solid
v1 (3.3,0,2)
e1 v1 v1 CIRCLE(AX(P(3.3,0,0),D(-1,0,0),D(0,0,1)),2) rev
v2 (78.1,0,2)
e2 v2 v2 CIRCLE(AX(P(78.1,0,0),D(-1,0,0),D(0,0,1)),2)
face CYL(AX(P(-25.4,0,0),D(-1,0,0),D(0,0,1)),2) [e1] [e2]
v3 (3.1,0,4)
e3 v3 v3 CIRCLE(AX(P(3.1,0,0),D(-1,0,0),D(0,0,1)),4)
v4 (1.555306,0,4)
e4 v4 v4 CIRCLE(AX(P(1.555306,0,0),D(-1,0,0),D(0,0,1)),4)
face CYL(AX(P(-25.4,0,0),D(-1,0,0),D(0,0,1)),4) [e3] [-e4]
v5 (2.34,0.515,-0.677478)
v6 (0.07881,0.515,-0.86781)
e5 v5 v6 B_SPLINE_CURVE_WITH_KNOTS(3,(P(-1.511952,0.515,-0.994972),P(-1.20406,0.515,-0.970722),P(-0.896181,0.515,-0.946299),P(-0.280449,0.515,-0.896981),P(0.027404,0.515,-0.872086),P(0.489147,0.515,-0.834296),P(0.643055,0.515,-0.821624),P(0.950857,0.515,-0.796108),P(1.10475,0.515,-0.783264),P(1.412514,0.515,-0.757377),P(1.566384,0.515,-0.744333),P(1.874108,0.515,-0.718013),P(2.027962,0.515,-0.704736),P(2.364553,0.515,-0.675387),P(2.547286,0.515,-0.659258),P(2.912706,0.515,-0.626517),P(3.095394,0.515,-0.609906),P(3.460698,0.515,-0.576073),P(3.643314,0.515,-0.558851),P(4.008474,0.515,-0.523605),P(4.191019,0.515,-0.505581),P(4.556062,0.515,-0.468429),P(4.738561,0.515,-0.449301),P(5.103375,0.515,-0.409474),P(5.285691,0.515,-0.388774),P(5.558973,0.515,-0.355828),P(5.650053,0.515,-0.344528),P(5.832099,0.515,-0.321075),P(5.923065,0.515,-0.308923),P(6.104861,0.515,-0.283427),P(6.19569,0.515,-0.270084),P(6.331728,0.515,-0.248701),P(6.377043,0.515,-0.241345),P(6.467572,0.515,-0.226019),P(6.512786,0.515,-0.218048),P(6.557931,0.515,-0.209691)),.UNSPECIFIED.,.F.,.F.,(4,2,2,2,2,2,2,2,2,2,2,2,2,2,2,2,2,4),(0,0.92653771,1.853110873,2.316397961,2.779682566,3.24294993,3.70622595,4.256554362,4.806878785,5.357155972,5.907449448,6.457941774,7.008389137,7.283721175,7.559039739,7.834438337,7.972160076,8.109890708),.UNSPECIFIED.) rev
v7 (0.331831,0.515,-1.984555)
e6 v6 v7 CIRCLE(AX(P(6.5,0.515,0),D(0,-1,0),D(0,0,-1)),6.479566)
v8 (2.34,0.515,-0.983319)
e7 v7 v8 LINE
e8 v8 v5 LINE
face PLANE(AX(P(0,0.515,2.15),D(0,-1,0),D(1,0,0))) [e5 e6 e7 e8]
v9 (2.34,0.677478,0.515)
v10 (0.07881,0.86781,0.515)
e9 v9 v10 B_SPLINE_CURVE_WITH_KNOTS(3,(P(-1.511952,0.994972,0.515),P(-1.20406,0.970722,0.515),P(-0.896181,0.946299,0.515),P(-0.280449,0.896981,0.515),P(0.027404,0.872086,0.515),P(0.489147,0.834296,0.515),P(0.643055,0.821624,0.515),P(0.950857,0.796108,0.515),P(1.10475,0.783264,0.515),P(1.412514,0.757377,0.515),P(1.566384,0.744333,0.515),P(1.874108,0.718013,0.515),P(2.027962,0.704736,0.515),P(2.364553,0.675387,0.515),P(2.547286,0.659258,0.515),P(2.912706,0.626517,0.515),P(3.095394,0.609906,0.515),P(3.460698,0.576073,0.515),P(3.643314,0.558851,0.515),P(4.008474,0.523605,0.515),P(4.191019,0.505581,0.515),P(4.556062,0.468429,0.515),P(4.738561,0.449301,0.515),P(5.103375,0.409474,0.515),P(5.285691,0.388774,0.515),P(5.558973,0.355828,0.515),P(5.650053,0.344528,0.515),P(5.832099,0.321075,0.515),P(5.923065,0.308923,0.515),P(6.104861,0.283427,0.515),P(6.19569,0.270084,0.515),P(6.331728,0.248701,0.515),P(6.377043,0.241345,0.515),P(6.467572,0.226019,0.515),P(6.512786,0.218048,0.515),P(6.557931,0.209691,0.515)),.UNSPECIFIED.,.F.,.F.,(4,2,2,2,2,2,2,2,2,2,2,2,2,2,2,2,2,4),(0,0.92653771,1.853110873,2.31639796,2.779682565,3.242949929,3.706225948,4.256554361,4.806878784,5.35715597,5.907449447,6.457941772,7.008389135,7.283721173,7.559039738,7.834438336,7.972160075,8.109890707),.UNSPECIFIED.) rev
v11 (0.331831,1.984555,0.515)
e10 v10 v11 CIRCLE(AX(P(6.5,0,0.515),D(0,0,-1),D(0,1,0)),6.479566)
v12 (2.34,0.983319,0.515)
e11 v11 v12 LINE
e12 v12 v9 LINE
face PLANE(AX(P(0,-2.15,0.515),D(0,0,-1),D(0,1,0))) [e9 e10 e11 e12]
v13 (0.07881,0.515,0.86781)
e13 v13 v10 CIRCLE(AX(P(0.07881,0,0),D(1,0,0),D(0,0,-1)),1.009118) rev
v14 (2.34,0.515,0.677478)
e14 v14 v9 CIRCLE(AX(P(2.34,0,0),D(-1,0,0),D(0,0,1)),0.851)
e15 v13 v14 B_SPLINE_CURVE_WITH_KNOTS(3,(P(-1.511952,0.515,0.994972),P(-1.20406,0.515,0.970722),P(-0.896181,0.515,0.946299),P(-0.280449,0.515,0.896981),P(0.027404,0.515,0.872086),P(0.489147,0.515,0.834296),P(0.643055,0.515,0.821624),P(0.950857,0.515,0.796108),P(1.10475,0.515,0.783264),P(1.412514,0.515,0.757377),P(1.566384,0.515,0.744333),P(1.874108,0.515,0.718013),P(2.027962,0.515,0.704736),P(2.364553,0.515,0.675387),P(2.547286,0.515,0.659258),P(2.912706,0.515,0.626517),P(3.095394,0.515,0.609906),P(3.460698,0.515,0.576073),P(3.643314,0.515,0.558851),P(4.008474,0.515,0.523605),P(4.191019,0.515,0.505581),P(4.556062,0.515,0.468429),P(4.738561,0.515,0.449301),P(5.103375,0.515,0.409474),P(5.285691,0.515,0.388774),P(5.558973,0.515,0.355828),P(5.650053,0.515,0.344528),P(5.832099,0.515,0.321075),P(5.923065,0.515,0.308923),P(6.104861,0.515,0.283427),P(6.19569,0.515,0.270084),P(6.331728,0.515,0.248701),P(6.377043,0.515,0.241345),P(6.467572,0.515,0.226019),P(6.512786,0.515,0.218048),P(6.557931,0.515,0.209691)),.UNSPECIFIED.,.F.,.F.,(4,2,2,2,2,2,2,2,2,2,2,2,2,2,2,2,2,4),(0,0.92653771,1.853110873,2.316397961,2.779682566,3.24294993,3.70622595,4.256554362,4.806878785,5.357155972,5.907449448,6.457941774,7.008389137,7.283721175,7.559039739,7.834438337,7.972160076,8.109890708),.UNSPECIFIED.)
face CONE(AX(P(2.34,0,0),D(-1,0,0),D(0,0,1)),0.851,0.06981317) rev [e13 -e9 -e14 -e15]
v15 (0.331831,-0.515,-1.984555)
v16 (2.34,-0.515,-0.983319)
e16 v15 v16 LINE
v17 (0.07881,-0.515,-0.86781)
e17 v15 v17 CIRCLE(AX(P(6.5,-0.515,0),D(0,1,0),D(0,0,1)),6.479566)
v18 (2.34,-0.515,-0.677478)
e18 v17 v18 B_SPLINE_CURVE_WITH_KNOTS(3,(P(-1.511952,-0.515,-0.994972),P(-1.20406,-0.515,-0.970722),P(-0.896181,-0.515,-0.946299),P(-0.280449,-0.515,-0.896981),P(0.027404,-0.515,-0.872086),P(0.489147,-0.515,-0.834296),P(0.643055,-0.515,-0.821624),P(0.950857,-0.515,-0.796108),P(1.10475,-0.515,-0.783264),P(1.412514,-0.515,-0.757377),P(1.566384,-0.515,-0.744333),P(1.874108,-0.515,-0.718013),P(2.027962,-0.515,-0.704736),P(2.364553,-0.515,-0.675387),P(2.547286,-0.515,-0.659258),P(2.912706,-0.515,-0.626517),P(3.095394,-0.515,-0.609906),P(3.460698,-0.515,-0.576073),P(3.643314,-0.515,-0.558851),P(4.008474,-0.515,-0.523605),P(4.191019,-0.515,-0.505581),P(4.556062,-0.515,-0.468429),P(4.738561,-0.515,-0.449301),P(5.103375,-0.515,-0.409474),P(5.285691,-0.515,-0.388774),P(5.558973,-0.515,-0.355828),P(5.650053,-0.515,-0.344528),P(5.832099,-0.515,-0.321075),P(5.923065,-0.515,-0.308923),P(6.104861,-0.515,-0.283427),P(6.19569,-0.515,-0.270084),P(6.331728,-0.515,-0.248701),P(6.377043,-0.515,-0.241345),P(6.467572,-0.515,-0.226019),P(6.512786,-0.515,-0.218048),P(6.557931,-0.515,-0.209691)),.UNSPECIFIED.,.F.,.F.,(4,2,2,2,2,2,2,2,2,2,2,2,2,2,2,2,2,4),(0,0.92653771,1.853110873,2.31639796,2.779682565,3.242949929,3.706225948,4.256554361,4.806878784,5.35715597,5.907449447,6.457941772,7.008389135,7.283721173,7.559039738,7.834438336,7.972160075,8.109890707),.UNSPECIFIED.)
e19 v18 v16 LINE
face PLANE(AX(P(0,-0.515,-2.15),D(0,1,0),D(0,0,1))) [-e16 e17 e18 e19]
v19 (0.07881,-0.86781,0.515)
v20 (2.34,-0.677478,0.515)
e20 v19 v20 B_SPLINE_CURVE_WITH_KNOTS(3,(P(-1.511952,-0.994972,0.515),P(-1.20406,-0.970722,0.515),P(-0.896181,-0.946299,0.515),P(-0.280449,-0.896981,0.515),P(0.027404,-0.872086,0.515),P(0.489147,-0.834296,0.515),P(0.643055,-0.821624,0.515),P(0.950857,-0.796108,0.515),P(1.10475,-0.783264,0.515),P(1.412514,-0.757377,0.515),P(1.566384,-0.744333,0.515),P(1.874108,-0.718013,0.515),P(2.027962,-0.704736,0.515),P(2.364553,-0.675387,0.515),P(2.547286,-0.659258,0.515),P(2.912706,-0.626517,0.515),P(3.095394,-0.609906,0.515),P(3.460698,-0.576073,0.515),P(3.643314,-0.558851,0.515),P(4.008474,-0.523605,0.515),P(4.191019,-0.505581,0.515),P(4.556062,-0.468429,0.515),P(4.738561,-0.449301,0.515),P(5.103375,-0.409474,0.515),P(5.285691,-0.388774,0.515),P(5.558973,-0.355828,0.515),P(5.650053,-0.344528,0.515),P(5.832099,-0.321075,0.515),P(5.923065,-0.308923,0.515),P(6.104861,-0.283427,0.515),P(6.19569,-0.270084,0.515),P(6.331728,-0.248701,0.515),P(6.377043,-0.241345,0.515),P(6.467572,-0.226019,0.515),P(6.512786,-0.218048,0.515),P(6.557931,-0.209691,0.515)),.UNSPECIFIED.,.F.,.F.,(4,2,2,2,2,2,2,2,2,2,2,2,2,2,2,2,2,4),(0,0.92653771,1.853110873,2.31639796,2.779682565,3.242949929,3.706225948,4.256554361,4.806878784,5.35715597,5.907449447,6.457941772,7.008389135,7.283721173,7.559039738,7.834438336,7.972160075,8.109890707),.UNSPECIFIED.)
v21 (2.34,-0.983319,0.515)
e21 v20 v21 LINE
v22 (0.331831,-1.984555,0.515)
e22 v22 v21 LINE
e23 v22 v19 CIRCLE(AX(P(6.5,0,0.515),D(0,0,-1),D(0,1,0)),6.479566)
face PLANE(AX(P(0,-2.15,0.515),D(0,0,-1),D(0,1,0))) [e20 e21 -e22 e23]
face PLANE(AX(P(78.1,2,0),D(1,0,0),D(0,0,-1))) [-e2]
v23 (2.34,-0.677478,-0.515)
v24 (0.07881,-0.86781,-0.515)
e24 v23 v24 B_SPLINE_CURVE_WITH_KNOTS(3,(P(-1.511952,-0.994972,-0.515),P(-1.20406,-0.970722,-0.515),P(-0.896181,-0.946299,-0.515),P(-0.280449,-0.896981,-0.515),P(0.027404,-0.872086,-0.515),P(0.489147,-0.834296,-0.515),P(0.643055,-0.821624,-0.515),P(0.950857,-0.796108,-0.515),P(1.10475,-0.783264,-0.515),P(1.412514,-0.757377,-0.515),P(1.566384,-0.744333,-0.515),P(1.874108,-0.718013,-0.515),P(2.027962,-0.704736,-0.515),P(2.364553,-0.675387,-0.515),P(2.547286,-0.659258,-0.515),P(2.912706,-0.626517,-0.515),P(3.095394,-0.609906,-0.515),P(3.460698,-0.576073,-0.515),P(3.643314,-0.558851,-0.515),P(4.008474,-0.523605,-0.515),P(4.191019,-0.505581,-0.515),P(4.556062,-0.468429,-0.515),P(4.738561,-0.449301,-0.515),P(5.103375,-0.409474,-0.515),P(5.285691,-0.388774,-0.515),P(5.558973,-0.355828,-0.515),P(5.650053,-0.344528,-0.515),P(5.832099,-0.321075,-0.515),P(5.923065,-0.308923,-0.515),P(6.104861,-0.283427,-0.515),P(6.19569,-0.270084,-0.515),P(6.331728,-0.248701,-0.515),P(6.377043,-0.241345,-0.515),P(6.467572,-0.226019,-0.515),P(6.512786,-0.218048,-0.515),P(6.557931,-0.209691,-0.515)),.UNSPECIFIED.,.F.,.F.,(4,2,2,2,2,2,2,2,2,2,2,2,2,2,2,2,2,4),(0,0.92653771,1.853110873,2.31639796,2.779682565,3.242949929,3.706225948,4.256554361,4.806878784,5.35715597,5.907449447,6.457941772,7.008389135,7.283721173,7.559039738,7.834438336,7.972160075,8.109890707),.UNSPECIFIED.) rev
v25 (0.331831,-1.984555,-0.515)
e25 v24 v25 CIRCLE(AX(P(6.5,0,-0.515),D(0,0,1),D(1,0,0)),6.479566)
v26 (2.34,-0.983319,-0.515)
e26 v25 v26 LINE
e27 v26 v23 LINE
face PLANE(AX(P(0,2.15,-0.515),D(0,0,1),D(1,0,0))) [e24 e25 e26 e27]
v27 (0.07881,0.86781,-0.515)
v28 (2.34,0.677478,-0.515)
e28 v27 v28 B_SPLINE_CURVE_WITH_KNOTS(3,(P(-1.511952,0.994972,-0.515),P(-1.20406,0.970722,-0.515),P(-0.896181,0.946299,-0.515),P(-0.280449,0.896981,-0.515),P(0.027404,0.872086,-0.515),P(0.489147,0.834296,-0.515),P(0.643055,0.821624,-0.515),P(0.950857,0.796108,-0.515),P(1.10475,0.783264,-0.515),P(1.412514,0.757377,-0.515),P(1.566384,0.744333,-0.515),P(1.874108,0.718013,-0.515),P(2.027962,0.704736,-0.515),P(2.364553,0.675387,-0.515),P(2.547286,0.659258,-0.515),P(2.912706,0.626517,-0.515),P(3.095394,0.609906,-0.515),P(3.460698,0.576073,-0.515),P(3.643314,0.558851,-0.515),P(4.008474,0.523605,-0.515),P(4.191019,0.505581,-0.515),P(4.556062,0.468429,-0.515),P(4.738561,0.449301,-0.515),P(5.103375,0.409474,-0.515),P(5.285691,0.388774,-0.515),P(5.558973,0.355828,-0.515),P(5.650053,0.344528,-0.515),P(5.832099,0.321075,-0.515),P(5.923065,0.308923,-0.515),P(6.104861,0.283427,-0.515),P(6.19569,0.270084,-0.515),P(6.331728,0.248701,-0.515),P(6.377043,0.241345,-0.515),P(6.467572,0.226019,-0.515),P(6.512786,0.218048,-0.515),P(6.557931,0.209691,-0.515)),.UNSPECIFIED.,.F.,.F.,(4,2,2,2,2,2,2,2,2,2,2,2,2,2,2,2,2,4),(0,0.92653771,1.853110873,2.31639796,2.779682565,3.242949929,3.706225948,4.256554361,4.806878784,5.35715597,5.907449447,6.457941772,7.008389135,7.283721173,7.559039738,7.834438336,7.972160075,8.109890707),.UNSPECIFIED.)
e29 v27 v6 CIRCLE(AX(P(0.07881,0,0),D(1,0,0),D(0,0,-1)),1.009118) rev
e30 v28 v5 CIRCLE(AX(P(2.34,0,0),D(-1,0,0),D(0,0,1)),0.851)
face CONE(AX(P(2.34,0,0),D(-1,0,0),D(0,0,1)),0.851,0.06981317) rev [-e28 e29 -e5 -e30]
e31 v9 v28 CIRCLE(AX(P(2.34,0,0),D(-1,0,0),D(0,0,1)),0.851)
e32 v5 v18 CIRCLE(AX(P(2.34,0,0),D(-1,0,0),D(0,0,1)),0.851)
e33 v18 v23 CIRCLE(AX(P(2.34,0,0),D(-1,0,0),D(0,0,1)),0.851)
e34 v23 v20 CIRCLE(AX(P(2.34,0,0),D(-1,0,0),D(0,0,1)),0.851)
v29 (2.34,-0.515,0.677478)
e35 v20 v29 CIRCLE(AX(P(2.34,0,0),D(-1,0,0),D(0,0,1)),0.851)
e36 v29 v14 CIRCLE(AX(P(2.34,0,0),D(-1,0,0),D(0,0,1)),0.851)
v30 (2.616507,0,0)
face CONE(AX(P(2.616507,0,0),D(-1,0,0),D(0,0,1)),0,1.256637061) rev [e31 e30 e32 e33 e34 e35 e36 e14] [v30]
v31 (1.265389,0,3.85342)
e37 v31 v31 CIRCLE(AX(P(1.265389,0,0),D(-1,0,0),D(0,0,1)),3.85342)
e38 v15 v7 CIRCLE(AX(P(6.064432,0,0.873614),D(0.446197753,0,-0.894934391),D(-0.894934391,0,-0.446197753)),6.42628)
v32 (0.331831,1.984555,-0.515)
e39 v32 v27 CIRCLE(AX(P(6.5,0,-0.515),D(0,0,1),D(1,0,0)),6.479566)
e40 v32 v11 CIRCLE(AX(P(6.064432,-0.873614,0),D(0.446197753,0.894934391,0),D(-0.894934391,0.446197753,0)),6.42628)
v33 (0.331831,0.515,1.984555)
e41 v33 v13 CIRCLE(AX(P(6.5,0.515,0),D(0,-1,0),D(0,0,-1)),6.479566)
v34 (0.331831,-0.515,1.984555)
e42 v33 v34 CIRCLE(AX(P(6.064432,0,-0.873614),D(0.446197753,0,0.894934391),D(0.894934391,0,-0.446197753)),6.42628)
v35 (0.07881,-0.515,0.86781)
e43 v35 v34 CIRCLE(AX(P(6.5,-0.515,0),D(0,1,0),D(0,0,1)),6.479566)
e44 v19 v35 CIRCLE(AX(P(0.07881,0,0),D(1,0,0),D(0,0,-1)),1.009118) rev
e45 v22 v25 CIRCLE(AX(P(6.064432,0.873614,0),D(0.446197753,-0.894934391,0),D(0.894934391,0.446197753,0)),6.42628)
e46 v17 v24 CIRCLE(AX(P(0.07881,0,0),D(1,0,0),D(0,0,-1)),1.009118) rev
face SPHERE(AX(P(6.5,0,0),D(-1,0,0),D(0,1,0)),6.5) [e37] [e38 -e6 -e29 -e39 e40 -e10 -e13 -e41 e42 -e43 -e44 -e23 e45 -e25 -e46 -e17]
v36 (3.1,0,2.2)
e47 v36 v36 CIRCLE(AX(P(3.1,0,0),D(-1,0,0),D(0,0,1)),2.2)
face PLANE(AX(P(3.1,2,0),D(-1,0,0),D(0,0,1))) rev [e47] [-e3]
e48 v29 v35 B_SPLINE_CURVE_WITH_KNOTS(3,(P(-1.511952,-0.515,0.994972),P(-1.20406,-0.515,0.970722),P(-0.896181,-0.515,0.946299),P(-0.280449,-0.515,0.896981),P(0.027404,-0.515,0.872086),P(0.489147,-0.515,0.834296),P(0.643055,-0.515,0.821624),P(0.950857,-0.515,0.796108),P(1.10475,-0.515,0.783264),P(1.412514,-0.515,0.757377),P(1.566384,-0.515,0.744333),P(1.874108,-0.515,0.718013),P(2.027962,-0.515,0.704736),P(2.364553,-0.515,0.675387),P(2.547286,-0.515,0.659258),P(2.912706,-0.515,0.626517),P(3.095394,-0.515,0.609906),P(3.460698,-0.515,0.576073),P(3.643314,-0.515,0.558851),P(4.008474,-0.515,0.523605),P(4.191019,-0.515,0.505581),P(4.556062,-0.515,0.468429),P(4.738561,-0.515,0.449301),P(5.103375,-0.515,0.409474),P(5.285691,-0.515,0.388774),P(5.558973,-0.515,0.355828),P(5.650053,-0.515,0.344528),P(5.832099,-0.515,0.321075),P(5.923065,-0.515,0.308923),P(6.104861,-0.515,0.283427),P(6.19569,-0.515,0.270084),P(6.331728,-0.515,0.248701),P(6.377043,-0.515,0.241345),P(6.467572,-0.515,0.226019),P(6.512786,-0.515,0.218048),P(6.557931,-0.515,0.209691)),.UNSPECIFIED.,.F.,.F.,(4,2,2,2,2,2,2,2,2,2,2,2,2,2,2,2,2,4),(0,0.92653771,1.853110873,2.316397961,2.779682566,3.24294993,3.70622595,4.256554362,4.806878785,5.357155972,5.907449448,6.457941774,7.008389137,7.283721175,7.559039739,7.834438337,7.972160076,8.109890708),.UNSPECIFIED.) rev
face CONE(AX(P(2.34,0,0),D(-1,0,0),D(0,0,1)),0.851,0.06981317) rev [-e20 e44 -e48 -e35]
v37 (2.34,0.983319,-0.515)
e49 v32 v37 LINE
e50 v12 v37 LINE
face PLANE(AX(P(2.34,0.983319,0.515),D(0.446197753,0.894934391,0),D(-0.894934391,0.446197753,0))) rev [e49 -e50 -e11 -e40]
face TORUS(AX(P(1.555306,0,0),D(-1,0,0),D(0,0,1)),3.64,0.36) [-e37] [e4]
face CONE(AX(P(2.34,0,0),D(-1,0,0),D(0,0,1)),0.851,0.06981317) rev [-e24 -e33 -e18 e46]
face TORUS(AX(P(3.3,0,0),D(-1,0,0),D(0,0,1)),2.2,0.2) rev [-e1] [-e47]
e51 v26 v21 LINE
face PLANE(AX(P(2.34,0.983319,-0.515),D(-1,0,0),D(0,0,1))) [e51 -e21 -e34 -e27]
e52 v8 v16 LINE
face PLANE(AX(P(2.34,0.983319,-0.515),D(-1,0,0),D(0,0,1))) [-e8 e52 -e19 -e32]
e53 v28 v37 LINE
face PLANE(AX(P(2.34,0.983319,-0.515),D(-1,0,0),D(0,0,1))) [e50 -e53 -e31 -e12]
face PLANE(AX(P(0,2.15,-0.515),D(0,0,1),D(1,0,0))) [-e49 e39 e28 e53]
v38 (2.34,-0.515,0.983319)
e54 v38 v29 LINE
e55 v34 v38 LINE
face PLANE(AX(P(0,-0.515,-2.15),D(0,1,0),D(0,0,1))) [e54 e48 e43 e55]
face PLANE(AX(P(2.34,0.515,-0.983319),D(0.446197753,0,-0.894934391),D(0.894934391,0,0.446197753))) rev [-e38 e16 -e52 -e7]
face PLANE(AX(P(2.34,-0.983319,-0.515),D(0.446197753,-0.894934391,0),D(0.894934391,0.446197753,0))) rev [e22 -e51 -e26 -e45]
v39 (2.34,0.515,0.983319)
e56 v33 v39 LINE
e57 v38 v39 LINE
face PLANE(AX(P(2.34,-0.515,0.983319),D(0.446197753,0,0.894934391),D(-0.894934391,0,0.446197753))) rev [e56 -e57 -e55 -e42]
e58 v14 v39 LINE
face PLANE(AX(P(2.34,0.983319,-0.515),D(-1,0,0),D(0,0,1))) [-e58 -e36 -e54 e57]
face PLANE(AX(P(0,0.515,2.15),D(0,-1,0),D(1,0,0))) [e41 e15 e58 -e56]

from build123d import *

# Parameters (mm, degrees)
FILLET1_R    = 0.2
SKETCH3_W    = 1.03
SKETCH3_H    = 4.3
SKETCH4_W    = 1.03
SKETCH4_H    = 1.966638464
RECPAT_COUNT = 2
RECPAT_ANGLE = 90


with BuildPart() as part:
    # BodySke → Base-Revolve (revolve)
    with BuildSketch(Plane.XY):
        with BuildLine():
            Line((3.1, 2), (3.1, 4))
            Line((3.1, 4), (1.555305874, 4))
            ThreePointArc((1.555305874, 4), (1.392873227, 3.961271902), (1.265388955, 3.853420195))
            ThreePointArc((1.265388955, 3.853420195), (0.324444487, 2.027933456), (0, 0))
            Line((0, 0), (78.1, 0))
            Line((78.1, 0), (78.1, 2))
            Line((78.1, 2), (3.1, 2))
        make_face()
    revolve(axis=Axis((-25.4, 0, 0), (1, 0, 0)))

    # Fillet1
    fillet1_edges = [part.edges().sort_by_distance(p)[0] for p in [
        (3.1, -2, 0),
    ]]
    fillet(fillet1_edges, radius=FILLET1_R)

    # Sketch3 → Recess section 0
    with BuildSketch(Plane(origin=(0, 0, 0), x_dir=(0, 0, -1), z_dir=(1, 0, 0))):
        Rectangle(SKETCH3_W, SKETCH3_H)
    # Sketch4 → Recess section 1
    with BuildSketch(Plane(origin=(2.34, 0, 0), x_dir=(0, 0, -1), z_dir=(1, 0, 0))):
        Rectangle(SKETCH4_W, SKETCH4_H)
    recess = loft(mode=Mode.SUBTRACT)

    # RecPat: Recess ×2 about axis
    recpat_axis = Axis((0, 0, 0), (1, 0, 0))
    for i in range(1, RECPAT_COUNT):
        add(recess.rotate(recpat_axis, i * RECPAT_ANGLE / (RECPAT_COUNT - 1)), mode=Mode.SUBTRACT)

    # RecCorSke → RecessCore (revolve, cut)
    with BuildSketch(Plane.XY):
        Polygon((0, 0), (0, 1.01462874), (2.34, 0.851), (2.616506661, 0), align=None)
    revolve(axis=Axis((-3.175, 0, 0), (1, 0, 0)), mode=Mode.SUBTRACT)


solid = part.part
